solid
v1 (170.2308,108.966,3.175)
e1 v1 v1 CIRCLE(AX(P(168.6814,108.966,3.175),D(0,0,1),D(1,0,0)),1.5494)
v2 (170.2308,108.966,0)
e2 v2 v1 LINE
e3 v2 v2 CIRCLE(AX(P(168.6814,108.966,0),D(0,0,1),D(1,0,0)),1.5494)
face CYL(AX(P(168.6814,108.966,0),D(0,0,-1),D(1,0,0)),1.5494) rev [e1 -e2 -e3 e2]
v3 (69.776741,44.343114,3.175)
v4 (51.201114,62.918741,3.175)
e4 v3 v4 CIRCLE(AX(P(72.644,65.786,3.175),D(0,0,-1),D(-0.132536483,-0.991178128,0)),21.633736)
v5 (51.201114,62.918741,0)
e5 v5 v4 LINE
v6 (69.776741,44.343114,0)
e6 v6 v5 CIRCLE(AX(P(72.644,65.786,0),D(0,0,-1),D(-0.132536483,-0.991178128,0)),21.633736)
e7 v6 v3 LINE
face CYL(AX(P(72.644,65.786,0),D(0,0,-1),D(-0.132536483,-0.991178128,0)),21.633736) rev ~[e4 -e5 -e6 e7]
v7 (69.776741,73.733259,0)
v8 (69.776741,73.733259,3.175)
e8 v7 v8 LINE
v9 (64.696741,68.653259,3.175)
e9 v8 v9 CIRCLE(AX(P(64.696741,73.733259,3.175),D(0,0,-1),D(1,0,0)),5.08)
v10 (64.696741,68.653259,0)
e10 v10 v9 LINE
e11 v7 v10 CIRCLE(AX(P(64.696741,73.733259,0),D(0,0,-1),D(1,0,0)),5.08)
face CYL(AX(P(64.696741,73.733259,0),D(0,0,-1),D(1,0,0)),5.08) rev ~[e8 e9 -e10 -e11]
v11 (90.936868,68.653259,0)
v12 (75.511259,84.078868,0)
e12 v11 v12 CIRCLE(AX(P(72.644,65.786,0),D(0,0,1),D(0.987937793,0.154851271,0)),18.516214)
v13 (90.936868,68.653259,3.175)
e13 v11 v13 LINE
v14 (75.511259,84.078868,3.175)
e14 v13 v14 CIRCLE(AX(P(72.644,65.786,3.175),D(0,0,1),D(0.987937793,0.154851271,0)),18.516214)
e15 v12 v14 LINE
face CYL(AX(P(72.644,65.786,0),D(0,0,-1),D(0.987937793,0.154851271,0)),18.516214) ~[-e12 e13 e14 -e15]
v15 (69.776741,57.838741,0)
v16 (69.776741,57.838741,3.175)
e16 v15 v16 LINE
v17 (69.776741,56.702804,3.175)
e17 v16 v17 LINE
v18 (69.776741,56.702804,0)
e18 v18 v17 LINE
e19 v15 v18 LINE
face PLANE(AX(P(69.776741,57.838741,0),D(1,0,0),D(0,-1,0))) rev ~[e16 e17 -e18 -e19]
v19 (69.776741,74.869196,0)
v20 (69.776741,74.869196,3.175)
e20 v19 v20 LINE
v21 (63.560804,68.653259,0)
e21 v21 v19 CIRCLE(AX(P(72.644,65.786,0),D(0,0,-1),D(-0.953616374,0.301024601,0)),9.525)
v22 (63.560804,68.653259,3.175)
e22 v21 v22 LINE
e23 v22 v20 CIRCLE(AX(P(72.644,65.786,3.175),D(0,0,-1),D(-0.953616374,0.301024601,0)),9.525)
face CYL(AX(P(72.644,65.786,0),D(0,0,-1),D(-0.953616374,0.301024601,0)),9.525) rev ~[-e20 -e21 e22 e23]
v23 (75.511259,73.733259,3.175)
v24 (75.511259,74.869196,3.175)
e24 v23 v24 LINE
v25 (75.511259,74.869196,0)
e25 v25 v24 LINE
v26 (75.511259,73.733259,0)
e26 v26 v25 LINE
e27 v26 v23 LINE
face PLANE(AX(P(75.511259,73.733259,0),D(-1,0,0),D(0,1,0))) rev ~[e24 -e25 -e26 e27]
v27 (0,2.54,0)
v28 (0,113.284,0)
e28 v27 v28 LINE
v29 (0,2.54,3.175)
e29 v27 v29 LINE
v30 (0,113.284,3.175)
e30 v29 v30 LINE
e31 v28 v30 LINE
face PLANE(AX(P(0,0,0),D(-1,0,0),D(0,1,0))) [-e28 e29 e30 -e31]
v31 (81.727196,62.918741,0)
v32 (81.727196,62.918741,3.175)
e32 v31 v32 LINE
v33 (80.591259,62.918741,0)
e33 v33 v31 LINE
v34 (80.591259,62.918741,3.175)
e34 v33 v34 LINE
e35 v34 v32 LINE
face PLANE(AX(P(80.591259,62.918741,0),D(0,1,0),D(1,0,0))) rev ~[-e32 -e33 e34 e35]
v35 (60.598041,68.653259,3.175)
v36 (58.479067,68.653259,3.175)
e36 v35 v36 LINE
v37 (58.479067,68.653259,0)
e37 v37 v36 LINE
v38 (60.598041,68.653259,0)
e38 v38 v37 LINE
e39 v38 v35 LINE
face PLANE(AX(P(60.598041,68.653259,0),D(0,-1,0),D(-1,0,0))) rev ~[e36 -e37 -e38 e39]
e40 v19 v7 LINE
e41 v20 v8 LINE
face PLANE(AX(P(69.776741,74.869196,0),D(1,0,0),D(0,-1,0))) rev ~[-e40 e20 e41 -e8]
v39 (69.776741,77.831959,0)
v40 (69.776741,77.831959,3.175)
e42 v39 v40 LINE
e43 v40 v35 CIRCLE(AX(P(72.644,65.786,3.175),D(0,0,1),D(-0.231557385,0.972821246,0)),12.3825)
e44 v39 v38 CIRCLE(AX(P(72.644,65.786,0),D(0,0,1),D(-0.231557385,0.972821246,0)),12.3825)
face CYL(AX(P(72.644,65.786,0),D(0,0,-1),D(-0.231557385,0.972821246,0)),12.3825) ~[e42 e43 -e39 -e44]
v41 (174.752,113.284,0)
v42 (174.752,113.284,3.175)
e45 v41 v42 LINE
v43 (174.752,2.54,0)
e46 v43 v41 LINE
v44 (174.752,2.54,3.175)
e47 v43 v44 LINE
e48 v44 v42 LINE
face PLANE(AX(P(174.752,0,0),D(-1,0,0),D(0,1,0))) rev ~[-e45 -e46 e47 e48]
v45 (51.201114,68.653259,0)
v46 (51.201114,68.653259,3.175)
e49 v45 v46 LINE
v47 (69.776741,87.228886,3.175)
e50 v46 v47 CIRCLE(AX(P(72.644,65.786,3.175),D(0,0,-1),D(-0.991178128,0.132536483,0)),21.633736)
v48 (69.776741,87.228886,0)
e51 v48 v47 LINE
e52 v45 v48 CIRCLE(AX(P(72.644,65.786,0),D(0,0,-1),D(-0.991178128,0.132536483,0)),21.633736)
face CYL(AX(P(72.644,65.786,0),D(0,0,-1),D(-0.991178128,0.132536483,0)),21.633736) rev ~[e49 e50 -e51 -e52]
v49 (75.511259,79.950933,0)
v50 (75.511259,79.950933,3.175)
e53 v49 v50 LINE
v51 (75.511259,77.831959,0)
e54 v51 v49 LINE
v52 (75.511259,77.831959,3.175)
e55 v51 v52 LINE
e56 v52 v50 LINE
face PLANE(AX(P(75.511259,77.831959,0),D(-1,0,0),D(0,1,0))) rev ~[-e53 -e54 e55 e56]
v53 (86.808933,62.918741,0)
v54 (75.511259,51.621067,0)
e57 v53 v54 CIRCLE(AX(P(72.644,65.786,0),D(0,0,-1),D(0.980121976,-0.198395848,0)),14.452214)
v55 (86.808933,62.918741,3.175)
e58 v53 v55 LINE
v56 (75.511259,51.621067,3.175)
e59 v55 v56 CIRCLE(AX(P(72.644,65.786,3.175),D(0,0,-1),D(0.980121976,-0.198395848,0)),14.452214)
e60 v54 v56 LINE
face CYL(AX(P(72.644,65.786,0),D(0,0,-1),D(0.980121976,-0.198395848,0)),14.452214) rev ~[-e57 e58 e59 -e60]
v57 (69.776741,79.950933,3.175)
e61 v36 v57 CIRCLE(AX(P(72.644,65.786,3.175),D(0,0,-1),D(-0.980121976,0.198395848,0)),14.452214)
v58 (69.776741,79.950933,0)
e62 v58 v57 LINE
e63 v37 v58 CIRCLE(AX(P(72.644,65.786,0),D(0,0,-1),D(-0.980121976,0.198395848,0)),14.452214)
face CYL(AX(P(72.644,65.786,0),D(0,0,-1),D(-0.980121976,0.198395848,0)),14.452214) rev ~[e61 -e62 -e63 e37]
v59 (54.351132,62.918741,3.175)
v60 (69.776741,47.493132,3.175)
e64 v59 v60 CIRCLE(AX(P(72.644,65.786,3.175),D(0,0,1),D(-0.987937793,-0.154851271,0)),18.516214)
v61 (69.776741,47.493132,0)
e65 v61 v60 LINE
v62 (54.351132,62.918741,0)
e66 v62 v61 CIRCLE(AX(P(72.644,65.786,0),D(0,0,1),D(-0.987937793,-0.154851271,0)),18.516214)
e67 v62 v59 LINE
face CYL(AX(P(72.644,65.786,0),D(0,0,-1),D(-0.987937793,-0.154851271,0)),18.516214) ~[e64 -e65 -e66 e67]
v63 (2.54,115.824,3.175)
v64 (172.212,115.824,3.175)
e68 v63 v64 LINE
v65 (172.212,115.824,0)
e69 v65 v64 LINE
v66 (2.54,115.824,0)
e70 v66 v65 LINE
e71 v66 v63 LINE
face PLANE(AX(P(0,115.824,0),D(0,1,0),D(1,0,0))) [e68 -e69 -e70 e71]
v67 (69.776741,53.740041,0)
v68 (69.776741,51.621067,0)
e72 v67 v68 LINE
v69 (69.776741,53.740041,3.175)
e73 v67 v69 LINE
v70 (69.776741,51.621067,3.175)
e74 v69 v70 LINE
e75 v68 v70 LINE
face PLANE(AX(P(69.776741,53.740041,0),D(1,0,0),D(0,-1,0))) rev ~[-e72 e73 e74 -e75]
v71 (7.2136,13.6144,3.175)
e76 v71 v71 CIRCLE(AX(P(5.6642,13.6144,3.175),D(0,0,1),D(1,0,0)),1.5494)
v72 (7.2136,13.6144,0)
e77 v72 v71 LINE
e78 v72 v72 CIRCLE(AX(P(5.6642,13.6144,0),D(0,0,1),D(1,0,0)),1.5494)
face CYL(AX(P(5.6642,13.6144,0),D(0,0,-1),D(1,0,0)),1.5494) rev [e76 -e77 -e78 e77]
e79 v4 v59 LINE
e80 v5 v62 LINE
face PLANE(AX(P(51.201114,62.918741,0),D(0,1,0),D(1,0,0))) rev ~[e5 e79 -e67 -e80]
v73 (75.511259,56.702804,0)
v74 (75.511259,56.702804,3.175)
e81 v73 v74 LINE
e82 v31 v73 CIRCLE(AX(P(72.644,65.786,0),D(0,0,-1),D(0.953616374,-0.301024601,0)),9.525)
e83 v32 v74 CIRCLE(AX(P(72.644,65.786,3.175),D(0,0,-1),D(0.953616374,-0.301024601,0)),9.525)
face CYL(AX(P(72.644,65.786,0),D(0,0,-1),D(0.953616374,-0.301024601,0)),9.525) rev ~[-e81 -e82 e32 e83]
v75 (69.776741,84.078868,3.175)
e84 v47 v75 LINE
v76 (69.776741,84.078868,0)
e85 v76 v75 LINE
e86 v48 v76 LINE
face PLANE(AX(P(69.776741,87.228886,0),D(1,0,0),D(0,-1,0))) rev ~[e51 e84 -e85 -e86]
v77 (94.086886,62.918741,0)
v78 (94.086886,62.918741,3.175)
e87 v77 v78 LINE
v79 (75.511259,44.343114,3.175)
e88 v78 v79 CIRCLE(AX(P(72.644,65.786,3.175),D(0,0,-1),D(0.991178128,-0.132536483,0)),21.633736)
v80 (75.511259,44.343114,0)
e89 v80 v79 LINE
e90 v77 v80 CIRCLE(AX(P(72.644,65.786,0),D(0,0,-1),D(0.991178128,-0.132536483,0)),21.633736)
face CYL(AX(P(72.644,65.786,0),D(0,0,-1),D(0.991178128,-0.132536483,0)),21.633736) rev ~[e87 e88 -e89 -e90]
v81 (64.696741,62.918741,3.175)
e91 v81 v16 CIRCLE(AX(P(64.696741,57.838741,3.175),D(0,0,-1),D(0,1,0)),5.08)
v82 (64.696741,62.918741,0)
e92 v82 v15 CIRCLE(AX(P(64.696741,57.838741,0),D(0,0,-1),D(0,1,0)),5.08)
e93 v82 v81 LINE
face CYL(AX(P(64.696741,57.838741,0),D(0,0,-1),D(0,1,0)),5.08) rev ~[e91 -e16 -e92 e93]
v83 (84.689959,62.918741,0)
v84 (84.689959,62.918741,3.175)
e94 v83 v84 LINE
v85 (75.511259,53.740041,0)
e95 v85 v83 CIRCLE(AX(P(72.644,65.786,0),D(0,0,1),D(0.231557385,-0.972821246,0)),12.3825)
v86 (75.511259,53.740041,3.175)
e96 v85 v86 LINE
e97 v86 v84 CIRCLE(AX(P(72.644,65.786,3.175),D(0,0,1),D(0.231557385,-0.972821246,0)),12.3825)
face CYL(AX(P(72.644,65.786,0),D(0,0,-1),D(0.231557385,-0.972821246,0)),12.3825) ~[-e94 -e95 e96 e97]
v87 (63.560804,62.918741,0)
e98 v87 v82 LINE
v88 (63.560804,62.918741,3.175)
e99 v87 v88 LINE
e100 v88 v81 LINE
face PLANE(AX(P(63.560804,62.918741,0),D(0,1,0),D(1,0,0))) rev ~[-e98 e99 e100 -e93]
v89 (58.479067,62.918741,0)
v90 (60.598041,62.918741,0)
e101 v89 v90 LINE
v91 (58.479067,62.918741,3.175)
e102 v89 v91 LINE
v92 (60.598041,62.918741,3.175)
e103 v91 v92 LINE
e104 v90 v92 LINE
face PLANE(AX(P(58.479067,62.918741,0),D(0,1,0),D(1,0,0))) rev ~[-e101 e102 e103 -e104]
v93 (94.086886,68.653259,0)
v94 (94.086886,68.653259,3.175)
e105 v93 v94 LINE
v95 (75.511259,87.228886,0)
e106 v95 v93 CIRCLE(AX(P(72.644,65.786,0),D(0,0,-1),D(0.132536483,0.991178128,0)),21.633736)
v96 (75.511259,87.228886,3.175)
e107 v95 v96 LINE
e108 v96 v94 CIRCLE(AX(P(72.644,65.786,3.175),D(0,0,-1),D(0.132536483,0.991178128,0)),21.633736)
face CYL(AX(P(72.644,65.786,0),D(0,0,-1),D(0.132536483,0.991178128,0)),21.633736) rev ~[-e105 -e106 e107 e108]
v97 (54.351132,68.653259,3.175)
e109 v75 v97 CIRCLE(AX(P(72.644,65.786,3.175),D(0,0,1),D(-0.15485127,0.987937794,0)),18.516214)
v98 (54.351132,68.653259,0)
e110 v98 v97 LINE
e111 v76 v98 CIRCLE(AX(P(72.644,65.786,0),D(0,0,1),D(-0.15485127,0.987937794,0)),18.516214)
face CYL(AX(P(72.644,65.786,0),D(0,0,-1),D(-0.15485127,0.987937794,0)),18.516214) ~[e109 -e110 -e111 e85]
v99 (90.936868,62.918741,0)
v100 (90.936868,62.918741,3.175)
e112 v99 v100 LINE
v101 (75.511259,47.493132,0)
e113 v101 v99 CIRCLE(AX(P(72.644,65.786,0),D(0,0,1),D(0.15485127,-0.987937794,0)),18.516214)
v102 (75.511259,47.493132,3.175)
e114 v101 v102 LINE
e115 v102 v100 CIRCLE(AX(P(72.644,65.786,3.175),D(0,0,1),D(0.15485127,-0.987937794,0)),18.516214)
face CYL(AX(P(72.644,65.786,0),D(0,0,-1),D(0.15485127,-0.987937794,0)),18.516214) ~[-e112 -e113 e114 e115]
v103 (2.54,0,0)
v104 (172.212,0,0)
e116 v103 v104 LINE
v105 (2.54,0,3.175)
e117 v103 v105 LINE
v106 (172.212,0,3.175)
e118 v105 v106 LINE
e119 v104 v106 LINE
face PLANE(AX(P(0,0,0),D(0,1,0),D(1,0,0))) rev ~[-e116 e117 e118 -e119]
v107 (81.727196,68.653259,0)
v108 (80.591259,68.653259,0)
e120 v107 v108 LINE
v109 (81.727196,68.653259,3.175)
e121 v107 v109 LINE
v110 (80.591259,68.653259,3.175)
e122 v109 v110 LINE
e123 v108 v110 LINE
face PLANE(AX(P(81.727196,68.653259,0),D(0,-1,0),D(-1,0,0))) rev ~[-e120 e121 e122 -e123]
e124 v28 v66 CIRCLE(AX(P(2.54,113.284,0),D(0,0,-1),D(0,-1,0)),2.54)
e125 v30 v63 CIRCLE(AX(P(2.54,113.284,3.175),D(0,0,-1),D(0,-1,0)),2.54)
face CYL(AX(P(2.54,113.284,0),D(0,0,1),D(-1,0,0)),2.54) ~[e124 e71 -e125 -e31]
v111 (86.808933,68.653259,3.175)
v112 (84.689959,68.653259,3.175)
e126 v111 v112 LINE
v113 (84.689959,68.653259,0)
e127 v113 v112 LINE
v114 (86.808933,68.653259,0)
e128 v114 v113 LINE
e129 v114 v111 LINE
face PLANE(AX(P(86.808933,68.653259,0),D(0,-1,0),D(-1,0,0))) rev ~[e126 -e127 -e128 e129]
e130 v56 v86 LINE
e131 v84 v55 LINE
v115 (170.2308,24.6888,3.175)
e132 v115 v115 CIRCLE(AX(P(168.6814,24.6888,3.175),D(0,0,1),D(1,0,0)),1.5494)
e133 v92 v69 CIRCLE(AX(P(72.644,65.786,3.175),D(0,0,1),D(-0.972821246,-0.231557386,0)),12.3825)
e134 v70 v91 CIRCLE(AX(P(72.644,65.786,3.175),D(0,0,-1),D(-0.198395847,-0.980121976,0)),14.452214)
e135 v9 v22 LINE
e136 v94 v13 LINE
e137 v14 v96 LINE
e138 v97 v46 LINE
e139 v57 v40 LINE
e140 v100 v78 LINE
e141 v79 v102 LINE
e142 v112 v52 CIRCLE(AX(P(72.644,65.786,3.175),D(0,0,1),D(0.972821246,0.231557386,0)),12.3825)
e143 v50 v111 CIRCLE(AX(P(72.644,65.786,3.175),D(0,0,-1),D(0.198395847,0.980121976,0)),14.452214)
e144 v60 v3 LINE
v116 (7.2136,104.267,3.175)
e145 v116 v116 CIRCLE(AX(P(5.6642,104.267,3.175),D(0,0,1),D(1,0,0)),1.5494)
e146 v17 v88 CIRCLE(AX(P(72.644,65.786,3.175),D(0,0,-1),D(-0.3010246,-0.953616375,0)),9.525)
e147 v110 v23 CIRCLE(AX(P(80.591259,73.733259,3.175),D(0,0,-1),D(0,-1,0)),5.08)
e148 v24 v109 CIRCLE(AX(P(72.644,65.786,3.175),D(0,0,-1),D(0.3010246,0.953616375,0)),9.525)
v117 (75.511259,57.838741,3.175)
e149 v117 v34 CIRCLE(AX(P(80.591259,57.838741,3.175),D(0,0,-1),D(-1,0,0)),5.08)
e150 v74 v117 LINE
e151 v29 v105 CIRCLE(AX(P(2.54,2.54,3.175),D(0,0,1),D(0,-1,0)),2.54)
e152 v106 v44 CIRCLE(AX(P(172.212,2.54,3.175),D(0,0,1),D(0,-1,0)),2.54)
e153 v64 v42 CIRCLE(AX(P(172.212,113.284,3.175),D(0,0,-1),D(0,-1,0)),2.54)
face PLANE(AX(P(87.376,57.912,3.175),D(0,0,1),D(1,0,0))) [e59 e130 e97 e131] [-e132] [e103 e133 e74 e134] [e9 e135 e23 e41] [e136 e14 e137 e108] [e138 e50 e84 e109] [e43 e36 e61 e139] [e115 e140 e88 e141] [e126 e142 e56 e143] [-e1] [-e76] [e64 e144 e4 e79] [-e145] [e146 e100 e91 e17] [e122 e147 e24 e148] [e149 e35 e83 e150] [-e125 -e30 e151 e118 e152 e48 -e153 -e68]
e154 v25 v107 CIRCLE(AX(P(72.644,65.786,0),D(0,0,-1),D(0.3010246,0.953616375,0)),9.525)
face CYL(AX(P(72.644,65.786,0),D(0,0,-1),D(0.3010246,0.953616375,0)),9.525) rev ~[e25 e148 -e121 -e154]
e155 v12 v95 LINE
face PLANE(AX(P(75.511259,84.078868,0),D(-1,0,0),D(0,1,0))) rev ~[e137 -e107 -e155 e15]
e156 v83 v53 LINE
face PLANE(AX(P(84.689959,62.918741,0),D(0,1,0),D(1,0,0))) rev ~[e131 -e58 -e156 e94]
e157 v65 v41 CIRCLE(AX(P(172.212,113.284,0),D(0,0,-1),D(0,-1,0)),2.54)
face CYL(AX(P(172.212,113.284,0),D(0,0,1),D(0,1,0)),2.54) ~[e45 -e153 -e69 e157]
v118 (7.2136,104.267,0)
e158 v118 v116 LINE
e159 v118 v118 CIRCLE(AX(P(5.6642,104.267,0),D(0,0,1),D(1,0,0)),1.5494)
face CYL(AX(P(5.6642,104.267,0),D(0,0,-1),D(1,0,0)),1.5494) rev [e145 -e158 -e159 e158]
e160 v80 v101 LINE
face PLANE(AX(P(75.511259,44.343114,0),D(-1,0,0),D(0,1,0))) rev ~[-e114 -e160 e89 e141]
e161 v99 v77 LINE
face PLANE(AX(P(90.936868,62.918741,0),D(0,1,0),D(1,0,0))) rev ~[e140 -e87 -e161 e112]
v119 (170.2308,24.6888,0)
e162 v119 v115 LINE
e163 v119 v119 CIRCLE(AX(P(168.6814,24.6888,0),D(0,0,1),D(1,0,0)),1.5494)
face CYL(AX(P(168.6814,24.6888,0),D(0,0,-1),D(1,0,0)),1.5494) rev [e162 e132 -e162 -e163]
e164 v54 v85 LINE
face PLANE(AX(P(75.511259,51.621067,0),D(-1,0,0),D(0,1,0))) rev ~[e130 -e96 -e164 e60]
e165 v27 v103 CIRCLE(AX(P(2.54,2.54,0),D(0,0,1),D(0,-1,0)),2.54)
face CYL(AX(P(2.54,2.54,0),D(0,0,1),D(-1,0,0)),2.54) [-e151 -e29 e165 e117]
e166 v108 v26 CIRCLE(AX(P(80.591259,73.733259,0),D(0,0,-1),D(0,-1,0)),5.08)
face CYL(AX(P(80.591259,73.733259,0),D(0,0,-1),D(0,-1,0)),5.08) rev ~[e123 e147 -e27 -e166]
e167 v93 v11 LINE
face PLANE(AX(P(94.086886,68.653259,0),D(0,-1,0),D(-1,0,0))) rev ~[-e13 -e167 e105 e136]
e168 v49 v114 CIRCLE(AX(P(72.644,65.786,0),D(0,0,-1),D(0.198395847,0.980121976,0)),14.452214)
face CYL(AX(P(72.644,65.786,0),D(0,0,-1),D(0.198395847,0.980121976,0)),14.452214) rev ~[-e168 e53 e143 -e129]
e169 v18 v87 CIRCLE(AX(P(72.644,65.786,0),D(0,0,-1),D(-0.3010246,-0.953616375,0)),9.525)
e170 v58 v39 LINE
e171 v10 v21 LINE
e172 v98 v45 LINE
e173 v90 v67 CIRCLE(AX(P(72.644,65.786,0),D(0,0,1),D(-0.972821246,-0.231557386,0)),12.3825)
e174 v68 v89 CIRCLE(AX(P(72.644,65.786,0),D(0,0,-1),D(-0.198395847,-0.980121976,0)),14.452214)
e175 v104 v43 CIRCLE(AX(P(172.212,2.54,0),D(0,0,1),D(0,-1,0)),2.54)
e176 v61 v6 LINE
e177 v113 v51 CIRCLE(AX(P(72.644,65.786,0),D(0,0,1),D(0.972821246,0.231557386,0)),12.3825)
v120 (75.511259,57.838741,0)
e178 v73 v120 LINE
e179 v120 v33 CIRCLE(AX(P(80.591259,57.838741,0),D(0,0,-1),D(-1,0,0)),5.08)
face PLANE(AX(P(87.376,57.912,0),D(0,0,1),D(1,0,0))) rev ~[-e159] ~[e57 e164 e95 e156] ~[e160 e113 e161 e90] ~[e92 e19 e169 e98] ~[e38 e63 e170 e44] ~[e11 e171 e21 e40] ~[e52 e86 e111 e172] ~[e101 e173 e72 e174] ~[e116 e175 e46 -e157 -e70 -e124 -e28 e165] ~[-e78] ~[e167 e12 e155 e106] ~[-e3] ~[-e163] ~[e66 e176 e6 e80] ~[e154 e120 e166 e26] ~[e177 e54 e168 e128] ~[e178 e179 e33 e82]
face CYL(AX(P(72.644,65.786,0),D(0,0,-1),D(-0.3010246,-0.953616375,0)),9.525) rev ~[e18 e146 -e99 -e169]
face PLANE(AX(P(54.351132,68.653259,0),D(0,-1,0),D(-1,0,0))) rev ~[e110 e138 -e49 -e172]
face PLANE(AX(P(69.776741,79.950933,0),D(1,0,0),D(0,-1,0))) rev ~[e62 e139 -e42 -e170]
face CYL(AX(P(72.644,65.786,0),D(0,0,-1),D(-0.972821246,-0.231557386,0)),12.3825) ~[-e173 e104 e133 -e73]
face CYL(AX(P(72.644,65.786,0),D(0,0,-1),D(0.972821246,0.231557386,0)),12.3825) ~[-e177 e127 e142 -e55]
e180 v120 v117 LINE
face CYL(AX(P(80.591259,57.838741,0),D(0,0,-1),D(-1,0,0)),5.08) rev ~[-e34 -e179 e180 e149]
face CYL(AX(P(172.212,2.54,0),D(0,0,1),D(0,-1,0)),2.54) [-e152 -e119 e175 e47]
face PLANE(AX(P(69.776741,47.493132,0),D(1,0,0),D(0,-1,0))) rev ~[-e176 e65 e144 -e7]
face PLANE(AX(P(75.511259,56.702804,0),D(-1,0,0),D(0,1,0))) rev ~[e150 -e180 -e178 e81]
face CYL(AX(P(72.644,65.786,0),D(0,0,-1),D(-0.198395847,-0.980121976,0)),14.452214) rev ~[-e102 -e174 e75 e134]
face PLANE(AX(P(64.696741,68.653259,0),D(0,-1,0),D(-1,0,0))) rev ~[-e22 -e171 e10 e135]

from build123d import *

# Parameters (mm, degrees)
SKETCH1_W           = 174.752
SKETCH1_H           = 115.824
SKETCH1_R           = 1.5494
BOSS_EXTRUDE2_DEPTH = 3.175
FILLET2_R           = 2.54


with BuildPart() as part:
    # Sketch1 → Boss-Extrude2 (new body)
    with BuildSketch(Plane.XY):
        with Locations((87.376, 57.912)):
            Rectangle(SKETCH1_W, SKETCH1_H)
        with BuildLine():
            Line((51.201113755, 62.918740671), (54.351132043, 62.918740671))
            ThreePointArc((54.351132043, 62.918740671), (59.551059271, 52.693059261), (69.776740685, 47.493132041))
            Line((69.776740685, 47.493132041), (69.776740685, 44.343113753))
            ThreePointArc((69.776740685, 44.343113753), (57.34663836, 50.48863835), (51.201113755, 62.918740671))
        make_face(mode=Mode.SUBTRACT)
        with BuildLine():
            Line((58.47906711, 62.918740671), (60.598040919, 62.918740671))
            ThreePointArc((60.598040919, 62.918740671), (63.888250287, 57.030250277), (69.776740685, 53.740040915))
            Line((69.776740685, 53.740040915), (69.776740685, 51.621067107))
            ThreePointArc((69.776740685, 51.621067107), (62.424741229, 55.566741219), (58.47906711, 62.918740671))
        make_face(mode=Mode.SUBTRACT)
        with BuildLine():
            ThreePointArc((69.776740685, 56.70280403), (65.908807914, 59.050807904), (63.560804035, 62.918740671))
            Line((63.560804035, 62.918740671), (64.696740685, 62.918740671))
            ThreePointArc((64.696740685, 62.918740671), (68.288843133, 61.43084312), (69.776740685, 57.838740671))
            Line((69.776740685, 57.838740671), (69.776740685, 56.70280403))
        make_face(mode=Mode.SUBTRACT)
        with BuildLine():
            ThreePointArc((75.511259315, 47.493132041), (85.736940729, 52.693059261), (90.936867957, 62.918740671))
            Line((90.936867957, 62.918740671), (94.086886245, 62.918740671))
            ThreePointArc((94.086886245, 62.918740671), (87.94136164, 50.48863835), (75.511259315, 44.343113753))
            Line((75.511259315, 44.343113753), (75.511259315, 47.493132041))
        make_face(mode=Mode.SUBTRACT)
        with BuildLine():
            ThreePointArc((75.511259315, 53.740040915), (81.399749713, 57.030250277), (84.689959081, 62.918740671))
            Line((84.689959081, 62.918740671), (86.80893289, 62.918740671))
            ThreePointArc((86.80893289, 62.918740671), (82.863258771, 55.566741219), (75.511259315, 51.621067107))
            Line((75.511259315, 51.621067107), (75.511259315, 53.740040915))
        make_face(mode=Mode.SUBTRACT)
        with BuildLine():
            Line((80.591259315, 62.918740671), (81.727195965, 62.918740671))
            ThreePointArc((81.727195965, 62.918740671), (79.379192086, 59.050807904), (75.511259315, 56.70280403))
            Line((75.511259315, 56.70280403), (75.511259315, 57.838740671))
            ThreePointArc((75.511259315, 57.838740671), (76.999156867, 61.43084312), (80.591259315, 62.918740671))
        make_face(mode=Mode.SUBTRACT)
        with BuildLine():
            Line((64.696740685, 68.653259329), (63.560804035, 68.653259329))
            ThreePointArc((63.560804035, 68.653259329), (65.908807914, 72.521192096), (69.776740685, 74.86919597))
            Line((69.776740685, 74.86919597), (69.776740685, 73.733259329))
            ThreePointArc((69.776740685, 73.733259329), (68.288843133, 70.14115688), (64.696740685, 68.653259329))
        make_face(mode=Mode.SUBTRACT)
        with BuildLine():
            Line((69.776740685, 79.950932893), (69.776740685, 77.831959085))
            ThreePointArc((69.776740685, 77.831959085), (63.888250287, 74.541749723), (60.598040919, 68.653259329))
            Line((60.598040919, 68.653259329), (58.47906711, 68.653259329))
            ThreePointArc((58.47906711, 68.653259329), (62.424741229, 76.005258781), (69.776740685, 79.950932893))
        make_face(mode=Mode.SUBTRACT)
        with BuildLine():
            ThreePointArc((69.776740685, 84.078867959), (59.551059271, 78.878940739), (54.351132043, 68.653259329))
            Line((54.351132043, 68.653259329), (51.201113755, 68.653259329))
            ThreePointArc((51.201113755, 68.653259329), (57.34663836, 81.08336165), (69.776740685, 87.228886247))
            Line((69.776740685, 87.228886247), (69.776740685, 84.078867959))
        make_face(mode=Mode.SUBTRACT)
        with BuildLine():
            Line((75.511259315, 73.733259329), (75.511259315, 74.86919597))
            ThreePointArc((75.511259315, 74.86919597), (79.379192086, 72.521192096), (81.727195965, 68.653259329))
            Line((81.727195965, 68.653259329), (80.591259315, 68.653259329))
            ThreePointArc((80.591259315, 68.653259329), (76.999156867, 70.14115688), (75.511259315, 73.733259329))
        make_face(mode=Mode.SUBTRACT)
        with BuildLine():
            Line((86.80893289, 68.653259329), (84.689959081, 68.653259329))
            ThreePointArc((84.689959081, 68.653259329), (81.399749713, 74.541749723), (75.511259315, 77.831959085))
            Line((75.511259315, 77.831959085), (75.511259315, 79.950932893))
            ThreePointArc((75.511259315, 79.950932893), (82.863258771, 76.005258781), (86.80893289, 68.653259329))
        make_face(mode=Mode.SUBTRACT)
        with BuildLine():
            ThreePointArc((90.936867957, 68.653259329), (85.736940729, 78.878940739), (75.511259315, 84.078867959))
            Line((75.511259315, 84.078867959), (75.511259315, 87.228886247))
            ThreePointArc((75.511259315, 87.228886247), (87.94136164, 81.08336165), (94.086886245, 68.653259329))
            Line((94.086886245, 68.653259329), (90.936867957, 68.653259329))
        make_face(mode=Mode.SUBTRACT)
        with Locations((5.6642, 13.6144)):
            Circle(SKETCH1_R, mode=Mode.SUBTRACT)
        with Locations((168.6814, 24.6888)):
            Circle(SKETCH1_R, mode=Mode.SUBTRACT)
        with Locations((5.6642, 104.267)):
            Circle(SKETCH1_R, mode=Mode.SUBTRACT)
        with Locations((168.6814, 108.966)):
            Circle(SKETCH1_R, mode=Mode.SUBTRACT)
    extrude(amount=BOSS_EXTRUDE2_DEPTH)

    # Fillet2
    fillet2_edges = [part.edges().sort_by_distance(p)[0] for p in [
        (174.752, 0, 1.5875),
        (0, 0, 1.5875),
        (0, 115.824, 1.5875),
        (174.752, 115.824, 1.5875),
    ]]
    fillet(fillet2_edges, radius=FILLET2_R)


solid = part.part
